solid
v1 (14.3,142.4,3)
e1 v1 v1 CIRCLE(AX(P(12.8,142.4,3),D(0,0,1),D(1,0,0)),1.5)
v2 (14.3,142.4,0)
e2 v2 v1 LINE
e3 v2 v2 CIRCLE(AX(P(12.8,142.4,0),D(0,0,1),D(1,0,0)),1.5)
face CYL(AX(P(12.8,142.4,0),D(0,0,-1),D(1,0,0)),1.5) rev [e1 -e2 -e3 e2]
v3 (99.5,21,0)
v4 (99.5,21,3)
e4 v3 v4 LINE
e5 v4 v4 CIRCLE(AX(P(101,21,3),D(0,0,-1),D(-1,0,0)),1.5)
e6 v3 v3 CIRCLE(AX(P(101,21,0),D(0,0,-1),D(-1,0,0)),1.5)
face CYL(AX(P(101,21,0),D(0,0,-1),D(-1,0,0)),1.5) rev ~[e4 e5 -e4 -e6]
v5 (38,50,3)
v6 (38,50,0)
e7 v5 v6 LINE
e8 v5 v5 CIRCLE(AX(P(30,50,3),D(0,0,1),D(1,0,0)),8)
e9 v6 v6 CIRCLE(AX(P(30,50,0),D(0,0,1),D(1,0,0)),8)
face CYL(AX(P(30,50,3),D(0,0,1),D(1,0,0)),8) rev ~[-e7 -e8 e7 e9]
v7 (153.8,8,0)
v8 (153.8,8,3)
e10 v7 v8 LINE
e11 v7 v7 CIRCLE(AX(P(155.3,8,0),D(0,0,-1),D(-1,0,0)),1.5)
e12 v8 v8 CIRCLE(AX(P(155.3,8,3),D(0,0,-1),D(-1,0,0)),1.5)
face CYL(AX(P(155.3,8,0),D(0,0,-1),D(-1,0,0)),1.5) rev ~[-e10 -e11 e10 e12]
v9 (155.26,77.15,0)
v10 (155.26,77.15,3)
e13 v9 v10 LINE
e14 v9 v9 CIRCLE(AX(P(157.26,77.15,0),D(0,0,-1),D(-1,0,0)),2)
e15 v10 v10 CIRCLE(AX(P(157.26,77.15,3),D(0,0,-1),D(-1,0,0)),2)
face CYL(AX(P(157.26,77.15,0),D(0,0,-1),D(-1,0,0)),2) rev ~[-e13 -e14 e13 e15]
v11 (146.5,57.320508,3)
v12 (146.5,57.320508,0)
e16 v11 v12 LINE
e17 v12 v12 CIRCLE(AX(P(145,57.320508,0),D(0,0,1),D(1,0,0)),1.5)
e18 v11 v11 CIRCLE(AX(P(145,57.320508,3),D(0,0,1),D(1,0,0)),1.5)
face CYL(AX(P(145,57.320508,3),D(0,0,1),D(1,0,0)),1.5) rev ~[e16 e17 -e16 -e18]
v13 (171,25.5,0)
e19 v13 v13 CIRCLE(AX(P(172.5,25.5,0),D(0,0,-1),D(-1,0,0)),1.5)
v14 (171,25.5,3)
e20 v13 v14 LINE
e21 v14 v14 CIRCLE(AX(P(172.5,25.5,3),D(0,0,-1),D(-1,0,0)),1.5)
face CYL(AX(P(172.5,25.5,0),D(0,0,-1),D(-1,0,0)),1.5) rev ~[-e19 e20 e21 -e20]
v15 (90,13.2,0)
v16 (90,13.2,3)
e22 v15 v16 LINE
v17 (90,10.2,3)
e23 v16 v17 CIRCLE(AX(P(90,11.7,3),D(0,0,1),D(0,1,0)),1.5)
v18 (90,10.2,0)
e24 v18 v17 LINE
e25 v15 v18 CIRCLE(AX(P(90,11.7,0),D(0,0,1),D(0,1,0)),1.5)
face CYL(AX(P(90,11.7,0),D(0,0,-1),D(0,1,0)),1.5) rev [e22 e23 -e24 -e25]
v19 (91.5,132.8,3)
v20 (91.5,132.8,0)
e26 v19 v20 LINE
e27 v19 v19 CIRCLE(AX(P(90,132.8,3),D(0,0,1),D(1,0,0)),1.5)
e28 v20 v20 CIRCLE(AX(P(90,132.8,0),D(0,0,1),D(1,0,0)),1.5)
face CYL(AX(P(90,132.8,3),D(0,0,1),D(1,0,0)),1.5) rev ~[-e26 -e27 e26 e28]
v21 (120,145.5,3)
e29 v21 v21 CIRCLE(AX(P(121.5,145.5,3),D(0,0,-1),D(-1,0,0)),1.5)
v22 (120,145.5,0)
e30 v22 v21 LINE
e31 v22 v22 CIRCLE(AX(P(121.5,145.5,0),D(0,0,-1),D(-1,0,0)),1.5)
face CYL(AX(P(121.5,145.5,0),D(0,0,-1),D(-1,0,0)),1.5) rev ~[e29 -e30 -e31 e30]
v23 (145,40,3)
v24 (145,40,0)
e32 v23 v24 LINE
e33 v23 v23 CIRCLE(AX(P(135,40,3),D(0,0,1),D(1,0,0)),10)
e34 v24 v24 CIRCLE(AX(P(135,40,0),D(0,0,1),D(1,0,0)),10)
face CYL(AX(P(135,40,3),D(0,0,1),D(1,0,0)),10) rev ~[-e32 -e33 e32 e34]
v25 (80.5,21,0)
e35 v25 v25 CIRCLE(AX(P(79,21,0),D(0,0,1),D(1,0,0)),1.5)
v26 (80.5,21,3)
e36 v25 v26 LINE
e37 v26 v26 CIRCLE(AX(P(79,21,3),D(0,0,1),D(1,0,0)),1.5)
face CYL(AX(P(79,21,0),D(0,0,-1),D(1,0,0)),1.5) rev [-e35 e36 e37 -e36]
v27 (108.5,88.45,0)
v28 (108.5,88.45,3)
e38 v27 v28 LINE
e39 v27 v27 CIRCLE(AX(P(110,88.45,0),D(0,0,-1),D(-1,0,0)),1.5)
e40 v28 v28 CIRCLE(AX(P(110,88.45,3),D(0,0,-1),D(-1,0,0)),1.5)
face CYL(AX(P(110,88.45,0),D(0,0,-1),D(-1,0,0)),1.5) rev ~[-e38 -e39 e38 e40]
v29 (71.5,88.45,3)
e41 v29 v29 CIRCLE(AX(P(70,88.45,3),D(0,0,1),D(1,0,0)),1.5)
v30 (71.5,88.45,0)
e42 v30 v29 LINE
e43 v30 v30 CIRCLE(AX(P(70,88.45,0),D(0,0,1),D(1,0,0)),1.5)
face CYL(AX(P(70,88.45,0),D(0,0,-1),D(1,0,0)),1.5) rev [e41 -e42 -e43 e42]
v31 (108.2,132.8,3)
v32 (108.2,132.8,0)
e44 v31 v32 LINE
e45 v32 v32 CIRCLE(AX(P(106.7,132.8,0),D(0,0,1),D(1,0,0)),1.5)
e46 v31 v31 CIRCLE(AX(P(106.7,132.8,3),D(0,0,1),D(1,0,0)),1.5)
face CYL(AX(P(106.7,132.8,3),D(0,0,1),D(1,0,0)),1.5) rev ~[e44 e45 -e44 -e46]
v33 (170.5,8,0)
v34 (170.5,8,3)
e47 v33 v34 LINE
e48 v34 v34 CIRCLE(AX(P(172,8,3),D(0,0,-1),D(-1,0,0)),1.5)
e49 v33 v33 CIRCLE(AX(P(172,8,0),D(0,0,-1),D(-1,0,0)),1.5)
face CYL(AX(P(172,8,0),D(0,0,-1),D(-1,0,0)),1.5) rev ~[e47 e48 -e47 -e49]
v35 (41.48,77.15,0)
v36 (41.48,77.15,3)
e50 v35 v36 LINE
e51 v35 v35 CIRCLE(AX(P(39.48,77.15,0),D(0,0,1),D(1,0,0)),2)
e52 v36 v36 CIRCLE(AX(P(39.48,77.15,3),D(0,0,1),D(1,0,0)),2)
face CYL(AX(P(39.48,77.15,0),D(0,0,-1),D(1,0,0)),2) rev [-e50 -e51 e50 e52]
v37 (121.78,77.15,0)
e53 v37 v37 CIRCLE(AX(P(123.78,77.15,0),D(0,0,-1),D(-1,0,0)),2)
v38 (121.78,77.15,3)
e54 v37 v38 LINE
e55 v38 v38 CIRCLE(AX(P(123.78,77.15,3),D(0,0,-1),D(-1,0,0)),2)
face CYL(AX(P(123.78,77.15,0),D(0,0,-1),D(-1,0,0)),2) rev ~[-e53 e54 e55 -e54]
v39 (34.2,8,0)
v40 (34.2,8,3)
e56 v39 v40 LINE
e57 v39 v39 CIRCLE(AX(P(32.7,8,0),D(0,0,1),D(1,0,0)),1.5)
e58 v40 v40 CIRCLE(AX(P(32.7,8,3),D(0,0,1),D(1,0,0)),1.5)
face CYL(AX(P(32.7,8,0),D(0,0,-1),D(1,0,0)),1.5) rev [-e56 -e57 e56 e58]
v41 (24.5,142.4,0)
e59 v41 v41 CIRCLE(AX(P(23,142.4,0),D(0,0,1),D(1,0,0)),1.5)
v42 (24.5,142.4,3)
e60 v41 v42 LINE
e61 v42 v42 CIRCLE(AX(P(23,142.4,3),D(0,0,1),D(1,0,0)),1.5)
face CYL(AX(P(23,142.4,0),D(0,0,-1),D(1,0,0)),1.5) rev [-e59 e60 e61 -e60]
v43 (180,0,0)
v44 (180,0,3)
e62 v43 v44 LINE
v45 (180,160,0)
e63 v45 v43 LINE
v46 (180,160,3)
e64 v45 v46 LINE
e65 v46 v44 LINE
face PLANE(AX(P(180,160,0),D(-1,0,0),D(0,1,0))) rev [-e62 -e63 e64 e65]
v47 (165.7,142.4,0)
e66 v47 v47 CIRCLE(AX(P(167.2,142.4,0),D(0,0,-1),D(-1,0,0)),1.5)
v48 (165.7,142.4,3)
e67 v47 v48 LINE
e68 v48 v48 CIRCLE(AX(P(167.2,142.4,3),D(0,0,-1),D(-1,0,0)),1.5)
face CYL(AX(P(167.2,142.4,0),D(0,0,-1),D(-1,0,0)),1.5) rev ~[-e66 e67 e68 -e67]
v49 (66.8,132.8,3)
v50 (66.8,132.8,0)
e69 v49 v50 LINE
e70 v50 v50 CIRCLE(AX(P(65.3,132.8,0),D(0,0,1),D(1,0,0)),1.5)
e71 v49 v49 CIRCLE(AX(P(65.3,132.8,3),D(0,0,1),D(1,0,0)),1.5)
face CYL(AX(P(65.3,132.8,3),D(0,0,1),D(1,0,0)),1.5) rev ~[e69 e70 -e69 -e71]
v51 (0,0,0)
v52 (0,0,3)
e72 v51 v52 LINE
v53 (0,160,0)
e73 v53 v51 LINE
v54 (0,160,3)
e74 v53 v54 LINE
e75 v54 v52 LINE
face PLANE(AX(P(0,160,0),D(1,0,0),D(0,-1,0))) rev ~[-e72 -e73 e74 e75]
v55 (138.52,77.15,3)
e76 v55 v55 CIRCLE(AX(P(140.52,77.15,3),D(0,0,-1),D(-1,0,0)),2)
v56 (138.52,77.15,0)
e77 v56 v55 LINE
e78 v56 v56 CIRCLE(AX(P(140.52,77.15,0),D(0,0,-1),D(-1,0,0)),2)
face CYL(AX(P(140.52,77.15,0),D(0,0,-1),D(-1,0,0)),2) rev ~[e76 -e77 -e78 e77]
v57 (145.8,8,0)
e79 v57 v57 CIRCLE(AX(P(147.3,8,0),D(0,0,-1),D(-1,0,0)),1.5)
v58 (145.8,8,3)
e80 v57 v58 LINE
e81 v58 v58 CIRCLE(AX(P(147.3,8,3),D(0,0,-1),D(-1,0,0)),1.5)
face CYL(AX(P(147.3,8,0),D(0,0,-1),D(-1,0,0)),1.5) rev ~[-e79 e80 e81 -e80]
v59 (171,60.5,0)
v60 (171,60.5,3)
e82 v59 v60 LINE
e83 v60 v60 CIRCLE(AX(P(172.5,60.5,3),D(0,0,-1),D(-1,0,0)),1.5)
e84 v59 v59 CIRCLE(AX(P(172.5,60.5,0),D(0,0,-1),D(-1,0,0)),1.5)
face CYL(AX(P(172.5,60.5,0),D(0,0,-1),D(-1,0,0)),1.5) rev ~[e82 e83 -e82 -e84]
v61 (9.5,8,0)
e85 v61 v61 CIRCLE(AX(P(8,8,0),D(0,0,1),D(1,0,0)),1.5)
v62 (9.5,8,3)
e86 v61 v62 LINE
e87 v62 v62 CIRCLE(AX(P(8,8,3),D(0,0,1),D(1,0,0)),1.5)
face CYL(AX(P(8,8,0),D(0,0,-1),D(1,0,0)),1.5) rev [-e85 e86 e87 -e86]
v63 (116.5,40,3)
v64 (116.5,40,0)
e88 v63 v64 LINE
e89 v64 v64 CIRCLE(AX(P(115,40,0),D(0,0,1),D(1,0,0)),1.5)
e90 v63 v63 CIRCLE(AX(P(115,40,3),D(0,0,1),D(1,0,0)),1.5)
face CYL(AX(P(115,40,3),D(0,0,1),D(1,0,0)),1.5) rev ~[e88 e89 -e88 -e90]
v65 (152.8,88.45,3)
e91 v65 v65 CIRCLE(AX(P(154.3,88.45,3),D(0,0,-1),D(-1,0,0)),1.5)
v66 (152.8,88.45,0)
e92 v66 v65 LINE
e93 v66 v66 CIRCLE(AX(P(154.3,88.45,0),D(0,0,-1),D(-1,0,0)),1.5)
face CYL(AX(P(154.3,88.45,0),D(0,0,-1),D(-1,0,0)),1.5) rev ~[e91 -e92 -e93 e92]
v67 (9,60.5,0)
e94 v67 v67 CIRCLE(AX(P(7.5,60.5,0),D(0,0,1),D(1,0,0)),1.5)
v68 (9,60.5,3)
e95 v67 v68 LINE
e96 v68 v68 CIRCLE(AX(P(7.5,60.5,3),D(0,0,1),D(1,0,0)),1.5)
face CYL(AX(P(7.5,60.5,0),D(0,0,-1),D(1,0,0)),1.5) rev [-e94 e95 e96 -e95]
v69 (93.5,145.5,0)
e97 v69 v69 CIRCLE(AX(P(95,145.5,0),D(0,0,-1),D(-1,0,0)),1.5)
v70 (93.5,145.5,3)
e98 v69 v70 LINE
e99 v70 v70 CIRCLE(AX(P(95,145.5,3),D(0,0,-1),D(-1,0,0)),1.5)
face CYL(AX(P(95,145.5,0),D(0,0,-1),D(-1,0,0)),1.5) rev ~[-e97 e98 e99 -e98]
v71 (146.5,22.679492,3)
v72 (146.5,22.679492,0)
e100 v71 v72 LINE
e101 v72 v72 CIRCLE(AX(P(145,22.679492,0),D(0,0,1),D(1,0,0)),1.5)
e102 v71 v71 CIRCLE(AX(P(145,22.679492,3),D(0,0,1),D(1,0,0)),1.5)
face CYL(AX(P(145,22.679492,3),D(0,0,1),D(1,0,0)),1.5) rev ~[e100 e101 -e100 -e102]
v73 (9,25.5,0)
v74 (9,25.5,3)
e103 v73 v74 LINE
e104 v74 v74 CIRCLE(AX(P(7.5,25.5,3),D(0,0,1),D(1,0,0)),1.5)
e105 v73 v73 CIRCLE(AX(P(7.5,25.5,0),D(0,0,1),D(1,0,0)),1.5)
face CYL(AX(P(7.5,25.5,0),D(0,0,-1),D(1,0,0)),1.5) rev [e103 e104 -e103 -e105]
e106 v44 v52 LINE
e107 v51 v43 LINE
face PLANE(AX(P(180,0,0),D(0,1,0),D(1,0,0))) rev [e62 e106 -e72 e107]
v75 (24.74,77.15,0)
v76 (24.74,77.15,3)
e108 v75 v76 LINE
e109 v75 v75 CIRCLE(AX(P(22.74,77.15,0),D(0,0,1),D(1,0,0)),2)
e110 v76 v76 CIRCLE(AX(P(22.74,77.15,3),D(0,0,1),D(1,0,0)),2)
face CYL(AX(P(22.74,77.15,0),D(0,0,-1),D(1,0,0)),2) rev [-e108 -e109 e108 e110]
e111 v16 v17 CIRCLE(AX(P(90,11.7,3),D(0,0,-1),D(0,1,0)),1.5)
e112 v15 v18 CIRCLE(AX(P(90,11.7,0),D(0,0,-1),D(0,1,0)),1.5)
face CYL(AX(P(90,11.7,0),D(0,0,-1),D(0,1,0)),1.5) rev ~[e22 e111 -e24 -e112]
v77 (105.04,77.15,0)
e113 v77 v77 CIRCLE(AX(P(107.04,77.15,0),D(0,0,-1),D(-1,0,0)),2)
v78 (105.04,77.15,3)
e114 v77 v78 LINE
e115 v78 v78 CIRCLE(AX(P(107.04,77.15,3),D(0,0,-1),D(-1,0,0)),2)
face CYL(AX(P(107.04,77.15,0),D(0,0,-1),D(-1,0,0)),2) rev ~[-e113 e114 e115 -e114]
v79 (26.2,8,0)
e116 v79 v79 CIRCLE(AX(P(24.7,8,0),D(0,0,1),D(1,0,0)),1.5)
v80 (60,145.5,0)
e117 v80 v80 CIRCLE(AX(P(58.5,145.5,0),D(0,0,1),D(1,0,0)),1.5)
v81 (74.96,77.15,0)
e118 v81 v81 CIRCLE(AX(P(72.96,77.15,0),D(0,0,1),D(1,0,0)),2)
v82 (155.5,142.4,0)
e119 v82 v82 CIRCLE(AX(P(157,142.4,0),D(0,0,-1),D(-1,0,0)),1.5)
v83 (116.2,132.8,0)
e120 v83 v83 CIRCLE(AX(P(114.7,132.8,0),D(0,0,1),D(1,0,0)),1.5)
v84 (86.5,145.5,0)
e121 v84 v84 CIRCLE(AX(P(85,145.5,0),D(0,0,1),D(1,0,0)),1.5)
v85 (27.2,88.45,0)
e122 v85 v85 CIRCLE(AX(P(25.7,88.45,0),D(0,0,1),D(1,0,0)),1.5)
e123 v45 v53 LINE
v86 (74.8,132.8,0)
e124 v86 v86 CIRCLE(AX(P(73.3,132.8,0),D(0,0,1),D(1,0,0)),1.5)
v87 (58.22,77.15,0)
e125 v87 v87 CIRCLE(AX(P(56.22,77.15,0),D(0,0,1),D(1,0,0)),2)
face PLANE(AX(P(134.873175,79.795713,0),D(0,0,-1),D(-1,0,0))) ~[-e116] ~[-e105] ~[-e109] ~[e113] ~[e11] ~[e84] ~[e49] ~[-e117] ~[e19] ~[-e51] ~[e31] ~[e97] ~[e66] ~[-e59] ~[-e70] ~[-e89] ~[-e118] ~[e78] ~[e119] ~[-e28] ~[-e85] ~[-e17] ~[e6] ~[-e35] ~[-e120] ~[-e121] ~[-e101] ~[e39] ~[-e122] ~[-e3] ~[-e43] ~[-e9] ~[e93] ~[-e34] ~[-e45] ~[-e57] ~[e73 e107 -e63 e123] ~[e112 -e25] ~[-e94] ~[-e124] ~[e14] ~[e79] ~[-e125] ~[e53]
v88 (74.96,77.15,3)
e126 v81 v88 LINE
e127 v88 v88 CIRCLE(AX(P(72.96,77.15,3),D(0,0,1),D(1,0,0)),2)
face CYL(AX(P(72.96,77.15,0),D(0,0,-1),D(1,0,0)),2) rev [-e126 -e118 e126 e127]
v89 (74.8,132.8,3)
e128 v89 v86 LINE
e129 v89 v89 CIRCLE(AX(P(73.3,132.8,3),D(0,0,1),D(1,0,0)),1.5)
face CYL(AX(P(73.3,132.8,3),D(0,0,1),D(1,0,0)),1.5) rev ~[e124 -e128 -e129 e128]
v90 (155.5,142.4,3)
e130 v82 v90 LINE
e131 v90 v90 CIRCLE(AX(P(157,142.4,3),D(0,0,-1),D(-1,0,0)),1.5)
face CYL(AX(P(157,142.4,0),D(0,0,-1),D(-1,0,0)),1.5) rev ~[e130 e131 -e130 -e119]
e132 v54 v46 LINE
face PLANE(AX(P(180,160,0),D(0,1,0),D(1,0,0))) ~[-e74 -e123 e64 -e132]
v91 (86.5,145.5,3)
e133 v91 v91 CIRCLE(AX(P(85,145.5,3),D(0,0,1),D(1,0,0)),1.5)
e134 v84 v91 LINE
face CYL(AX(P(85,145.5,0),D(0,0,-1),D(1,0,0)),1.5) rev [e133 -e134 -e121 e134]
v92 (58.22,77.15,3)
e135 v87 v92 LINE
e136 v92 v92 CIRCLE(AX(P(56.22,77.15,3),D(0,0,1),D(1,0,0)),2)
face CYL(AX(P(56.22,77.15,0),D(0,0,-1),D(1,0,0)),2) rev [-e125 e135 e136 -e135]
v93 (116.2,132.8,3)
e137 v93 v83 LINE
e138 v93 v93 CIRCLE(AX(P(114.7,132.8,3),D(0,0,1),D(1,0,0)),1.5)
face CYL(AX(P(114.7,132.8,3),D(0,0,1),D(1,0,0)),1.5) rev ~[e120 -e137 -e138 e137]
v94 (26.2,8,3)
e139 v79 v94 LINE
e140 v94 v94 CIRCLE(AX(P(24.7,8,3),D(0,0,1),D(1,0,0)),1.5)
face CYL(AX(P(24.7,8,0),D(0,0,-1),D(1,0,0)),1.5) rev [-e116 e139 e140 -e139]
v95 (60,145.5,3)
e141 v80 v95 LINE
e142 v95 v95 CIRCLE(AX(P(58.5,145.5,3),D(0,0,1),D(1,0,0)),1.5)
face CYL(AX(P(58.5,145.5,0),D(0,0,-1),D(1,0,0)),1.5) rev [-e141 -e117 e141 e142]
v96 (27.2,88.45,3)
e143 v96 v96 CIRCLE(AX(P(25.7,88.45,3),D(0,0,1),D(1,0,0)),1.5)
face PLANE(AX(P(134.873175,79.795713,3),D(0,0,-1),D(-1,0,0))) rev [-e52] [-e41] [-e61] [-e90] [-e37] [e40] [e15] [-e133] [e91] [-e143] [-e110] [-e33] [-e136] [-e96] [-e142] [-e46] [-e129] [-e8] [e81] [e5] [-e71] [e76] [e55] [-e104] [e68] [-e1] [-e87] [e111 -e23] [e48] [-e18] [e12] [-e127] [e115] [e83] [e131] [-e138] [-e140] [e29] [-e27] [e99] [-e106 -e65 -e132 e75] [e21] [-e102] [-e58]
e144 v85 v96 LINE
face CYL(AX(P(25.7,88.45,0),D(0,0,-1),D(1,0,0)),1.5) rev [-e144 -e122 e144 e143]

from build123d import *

# Parameters (mm, degrees)
SKETCH_R      = 1.5
SKETCH_R_2    = 2
PAD_DEPTH     = 3
SKETCH001_R   = 8
SKETCH001_R_2 = 1.5
SKETCH001_R_3 = 10
POCKET_DEPTH  = 3.001


with BuildPart() as part:
    # Sketch → Pad (new body)
    with BuildSketch(Plane.XY):
        with BuildLine():
            Line((0, 13.7), (0, 160))
            Line((0, 160), (90, 160))
            Line((90, 160), (90, 17.4))
            Line((90, 17.4), (90, 13.2))
            ThreePointArc((90, 13.2), (88.5, 11.7), (90, 10.2))
            Line((90, 6), (90, 10.2))
            Line((90, 6), (90, 0))
            Line((90, 0), (13.7, 0))
            Line((0, 0), (13.7, 0))
            Line((0, 13.7), (0, 0))
        make_face()
        with Locations((24.7, 8)):
            Circle(SKETCH_R, mode=Mode.SUBTRACT)
        with Locations((32.7, 8)):
            Circle(SKETCH_R, mode=Mode.SUBTRACT)
        with Locations((79, 21)):
            Circle(SKETCH_R, mode=Mode.SUBTRACT)
        with Locations((22.74, 77.15)):
            Circle(SKETCH_R_2, mode=Mode.SUBTRACT)
        with Locations((39.48, 77.15)):
            Circle(SKETCH_R_2, mode=Mode.SUBTRACT)
        with Locations((56.22, 77.15)):
            Circle(SKETCH_R_2, mode=Mode.SUBTRACT)
        with Locations((72.96, 77.15)):
            Circle(SKETCH_R_2, mode=Mode.SUBTRACT)
        with Locations((25.7, 88.45)):
            Circle(SKETCH_R, mode=Mode.SUBTRACT)
        with Locations((70, 88.45)):
            Circle(SKETCH_R, mode=Mode.SUBTRACT)
        with Locations((8, 8)):
            Circle(SKETCH_R, mode=Mode.SUBTRACT)
        with Locations((7.5, 60.5)):
            Circle(SKETCH_R, mode=Mode.SUBTRACT)
        with Locations((7.5, 25.5)):
            Circle(SKETCH_R, mode=Mode.SUBTRACT)
        with Locations((85, 145.5)):
            Circle(SKETCH_R, mode=Mode.SUBTRACT)
        with Locations((58.5, 145.5)):
            Circle(SKETCH_R, mode=Mode.SUBTRACT)
        with Locations((12.8, 142.4)):
            Circle(SKETCH_R, mode=Mode.SUBTRACT)
        with Locations((23, 142.4)):
            Circle(SKETCH_R, mode=Mode.SUBTRACT)
    pad = extrude(amount=PAD_DEPTH)

    # Mirrored: Pad across face of Pad
    add(pad.mirror(Plane(origin=(90, 88.7, 1.5), x_dir=(0, 1, 0), z_dir=(1, 0, 0))))

    # Sketch001 → Pocket (cut, through all)
    with BuildSketch(Plane.XY.offset(3)):
        with Locations((30, 50)):
            Circle(SKETCH001_R)
        with Locations((90, 132.8)):
            Circle(SKETCH001_R_2)
        with Locations((106.7, 132.8)):
            Circle(SKETCH001_R_2)
        with Locations((114.7, 132.8)):
            Circle(SKETCH001_R_2)
        with Locations((73.3, 132.8)):
            Circle(SKETCH001_R_2)
        with Locations((65.3, 132.8)):
            Circle(SKETCH001_R_2)
        with Locations((135, 40)):
            Circle(SKETCH001_R_3)
        with Locations((115, 40)):
            Circle(SKETCH001_R_2)
        with Locations((145, 57.320508)):
            Circle(SKETCH001_R_2)
        with Locations((145, 22.679492)):
            Circle(SKETCH001_R_2)
    extrude(amount=-POCKET_DEPTH, mode=Mode.SUBTRACT)


solid = part.part
